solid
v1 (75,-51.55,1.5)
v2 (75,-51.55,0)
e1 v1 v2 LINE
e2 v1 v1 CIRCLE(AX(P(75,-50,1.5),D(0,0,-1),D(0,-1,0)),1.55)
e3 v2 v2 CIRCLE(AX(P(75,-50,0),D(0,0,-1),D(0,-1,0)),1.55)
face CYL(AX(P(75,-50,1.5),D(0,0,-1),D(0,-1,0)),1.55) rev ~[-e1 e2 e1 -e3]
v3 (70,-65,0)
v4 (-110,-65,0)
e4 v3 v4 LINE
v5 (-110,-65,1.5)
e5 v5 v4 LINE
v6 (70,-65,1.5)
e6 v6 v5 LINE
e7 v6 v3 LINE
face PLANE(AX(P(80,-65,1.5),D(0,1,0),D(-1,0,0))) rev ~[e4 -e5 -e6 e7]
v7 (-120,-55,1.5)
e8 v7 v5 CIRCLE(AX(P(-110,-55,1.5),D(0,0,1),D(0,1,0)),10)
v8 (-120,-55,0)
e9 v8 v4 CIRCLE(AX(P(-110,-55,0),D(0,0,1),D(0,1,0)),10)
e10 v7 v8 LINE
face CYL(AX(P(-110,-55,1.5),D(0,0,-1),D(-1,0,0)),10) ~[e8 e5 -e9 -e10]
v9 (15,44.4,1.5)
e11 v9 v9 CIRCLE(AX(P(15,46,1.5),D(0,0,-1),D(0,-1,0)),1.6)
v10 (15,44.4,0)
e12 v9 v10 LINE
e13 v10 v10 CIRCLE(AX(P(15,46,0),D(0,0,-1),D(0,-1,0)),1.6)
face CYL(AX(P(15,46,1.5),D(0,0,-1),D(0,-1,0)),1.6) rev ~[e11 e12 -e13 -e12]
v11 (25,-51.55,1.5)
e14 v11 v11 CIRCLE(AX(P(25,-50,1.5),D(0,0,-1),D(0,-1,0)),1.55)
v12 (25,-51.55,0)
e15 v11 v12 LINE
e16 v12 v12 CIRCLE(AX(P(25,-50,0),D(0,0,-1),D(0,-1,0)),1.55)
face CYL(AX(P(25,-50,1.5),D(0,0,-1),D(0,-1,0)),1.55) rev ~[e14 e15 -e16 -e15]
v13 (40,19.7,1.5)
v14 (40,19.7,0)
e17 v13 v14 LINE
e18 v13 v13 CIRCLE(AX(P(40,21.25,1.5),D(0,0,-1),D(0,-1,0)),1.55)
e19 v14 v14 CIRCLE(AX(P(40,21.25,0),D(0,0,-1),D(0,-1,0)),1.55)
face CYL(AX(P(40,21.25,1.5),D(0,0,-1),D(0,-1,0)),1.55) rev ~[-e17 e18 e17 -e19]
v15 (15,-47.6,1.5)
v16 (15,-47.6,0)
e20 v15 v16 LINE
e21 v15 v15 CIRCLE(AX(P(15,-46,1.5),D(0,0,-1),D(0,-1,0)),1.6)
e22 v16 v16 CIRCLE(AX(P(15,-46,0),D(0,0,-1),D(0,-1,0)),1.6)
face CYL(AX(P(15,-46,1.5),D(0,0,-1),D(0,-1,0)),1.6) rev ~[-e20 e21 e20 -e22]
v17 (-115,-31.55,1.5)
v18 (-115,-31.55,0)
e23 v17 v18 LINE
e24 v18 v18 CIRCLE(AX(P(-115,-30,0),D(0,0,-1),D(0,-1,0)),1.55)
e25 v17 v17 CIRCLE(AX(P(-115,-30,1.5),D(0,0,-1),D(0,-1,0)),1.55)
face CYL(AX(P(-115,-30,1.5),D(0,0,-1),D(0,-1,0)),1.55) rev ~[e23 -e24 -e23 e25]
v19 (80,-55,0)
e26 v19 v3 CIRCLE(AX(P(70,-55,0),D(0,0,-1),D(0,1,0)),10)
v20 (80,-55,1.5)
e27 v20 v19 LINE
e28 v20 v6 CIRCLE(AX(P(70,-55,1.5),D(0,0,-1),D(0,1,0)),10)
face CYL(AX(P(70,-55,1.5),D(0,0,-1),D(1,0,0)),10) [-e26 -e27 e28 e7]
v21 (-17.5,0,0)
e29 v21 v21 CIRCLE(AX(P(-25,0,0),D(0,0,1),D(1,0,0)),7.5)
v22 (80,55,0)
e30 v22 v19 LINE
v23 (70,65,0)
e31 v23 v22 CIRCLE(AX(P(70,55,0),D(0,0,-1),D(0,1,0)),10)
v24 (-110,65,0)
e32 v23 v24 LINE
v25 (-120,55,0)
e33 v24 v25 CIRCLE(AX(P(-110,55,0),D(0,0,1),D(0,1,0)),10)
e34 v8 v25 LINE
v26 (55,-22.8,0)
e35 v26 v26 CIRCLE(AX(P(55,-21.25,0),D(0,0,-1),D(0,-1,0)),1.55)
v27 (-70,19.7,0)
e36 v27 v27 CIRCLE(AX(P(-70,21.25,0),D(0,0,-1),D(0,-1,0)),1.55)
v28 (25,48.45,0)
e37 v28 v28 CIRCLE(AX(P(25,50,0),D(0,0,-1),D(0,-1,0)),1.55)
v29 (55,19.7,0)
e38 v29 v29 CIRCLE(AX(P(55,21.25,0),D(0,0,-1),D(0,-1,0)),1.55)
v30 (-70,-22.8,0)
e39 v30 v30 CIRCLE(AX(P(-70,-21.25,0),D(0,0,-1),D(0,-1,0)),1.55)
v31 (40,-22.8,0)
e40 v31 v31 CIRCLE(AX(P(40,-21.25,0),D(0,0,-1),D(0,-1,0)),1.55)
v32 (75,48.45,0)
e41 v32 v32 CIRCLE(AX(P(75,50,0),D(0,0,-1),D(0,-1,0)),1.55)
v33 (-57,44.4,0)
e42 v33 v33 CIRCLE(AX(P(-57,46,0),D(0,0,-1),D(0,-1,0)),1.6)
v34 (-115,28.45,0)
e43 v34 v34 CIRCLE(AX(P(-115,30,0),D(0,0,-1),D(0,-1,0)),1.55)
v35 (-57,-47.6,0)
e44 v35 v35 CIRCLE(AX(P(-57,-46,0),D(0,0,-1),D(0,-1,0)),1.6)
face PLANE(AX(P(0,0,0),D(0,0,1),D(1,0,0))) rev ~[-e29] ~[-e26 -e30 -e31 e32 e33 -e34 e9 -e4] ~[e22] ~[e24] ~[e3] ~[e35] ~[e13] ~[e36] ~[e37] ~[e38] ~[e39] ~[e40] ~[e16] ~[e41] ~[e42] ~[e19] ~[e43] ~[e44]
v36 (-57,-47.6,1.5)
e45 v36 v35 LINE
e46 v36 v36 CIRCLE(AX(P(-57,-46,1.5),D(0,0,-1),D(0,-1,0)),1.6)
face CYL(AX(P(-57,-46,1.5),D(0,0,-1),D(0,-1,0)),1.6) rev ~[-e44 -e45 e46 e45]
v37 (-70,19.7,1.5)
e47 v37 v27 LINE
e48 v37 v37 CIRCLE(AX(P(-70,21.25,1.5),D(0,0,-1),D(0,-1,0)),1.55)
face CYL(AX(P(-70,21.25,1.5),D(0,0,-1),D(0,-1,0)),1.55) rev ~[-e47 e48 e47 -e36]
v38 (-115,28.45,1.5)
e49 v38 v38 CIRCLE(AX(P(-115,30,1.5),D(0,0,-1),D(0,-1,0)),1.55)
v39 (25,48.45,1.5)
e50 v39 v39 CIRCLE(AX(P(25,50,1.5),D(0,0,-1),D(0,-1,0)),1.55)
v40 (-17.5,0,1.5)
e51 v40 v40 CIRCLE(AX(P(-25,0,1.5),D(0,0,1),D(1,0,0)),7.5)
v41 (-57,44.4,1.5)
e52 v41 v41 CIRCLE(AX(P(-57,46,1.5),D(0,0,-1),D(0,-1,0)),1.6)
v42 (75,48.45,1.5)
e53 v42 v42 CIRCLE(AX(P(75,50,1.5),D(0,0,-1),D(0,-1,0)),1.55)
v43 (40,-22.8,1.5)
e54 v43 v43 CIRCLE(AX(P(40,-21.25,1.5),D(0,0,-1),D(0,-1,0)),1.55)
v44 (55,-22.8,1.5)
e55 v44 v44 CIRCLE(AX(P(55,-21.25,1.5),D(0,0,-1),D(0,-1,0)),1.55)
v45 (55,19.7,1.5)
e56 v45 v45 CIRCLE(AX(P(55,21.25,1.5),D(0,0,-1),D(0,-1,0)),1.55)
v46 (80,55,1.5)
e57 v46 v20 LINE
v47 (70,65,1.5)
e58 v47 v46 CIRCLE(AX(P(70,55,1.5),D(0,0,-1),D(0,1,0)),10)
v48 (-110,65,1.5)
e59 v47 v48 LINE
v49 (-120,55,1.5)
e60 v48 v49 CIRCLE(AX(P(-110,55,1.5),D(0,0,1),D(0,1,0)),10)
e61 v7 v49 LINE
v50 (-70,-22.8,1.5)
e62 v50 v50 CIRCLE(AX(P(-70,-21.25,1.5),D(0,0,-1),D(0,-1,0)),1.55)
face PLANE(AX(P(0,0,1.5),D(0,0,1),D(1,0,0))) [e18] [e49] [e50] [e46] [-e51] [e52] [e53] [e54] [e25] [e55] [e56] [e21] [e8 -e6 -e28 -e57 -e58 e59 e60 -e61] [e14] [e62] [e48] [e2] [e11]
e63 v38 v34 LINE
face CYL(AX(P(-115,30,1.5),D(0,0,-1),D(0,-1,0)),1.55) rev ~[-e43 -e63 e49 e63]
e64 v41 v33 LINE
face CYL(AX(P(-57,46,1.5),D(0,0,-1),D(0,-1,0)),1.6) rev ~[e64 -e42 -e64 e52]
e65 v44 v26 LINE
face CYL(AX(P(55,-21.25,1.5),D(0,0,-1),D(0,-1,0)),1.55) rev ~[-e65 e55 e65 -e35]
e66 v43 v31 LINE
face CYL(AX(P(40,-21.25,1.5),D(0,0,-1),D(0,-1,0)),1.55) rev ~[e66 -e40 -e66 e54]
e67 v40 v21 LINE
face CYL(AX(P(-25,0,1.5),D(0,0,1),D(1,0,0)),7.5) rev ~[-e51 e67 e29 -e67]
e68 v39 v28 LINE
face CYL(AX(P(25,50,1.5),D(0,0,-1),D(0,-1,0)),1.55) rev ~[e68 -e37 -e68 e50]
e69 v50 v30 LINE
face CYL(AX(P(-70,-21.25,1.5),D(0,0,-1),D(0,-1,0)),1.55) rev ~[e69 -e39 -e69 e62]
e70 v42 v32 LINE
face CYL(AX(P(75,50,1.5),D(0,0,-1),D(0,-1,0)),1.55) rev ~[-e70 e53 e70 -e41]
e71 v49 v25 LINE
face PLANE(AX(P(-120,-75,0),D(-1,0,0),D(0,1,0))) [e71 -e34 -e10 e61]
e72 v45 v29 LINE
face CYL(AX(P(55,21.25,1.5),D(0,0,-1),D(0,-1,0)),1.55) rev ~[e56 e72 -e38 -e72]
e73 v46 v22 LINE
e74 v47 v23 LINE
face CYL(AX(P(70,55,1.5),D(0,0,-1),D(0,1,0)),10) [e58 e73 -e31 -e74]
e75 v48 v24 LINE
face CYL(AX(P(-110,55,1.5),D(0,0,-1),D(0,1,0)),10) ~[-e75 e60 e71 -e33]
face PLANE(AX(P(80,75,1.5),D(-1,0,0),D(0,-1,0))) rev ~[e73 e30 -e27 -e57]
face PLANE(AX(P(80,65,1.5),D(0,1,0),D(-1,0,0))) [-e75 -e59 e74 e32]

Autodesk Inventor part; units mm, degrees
ref_plane "YZ Plane" through (0, 0, 0) normal (1, 0, 0) x (0, 1, 0)
ref_plane "XZ Plane" through (0, 0, 0) normal (0, 1, 0) x (-1, 0, 0)
ref_plane "XY Plane" through (0, 0, 0) normal (0, 0, 1) x (1, 0, 0)
sketch "スケッチ1" plane through (0, 0, 0) normal (0, 0, 1) x (1, 0, 0)
  line L0 (-120, 75) -> (120, 75)
  line L1 (120, 75) -> (120, -75)
  line L2 (120, -75) -> (-120, -75)
  line L3 (-120, -75) -> (-120, 75)
  line L4 (-120, 75) -> (120, -75) construction
  line L5 (120, 75) -> (-120, -75) construction
  point P0 (0, 0)
  dimension "d0" = 240
  dimension "d1" = 150
extrude "押し出し1" add sketch "スケッチ1" along normal blind 1.5
sketch "スケッチ2" plane through (0, 0, 1.5) normal (0, 0, 1) x (1, 0, 0)
  line L0 (-120, 75) -> (-120, -75) projected
  line L1 (120, 75) -> (-120, 75) projected
  line L2 (-120, -75) -> (120, -75) projected
  point P0 (0, 0)
  point P1 (-70, 21.25)
  point P2 (-70, -21.25)
  point P3 (40, 21.25)
  point P4 (40, -21.25)
  point P5 (55, 21.25)
  point P6 (55, -21.25)
  point P7 (-115, 30)
  point P8 (-115, -30)
  dimension "d4" = 50
  dimension "d5" = 53.75
  dimension "d6" = 50
  dimension "d7" = 53.75
  dimension "d8" = 160
  dimension "d9" = 53.75
  dimension "d10" = 53.75
  dimension "d11" = 15
  dimension "d12" = 15
  dimension "d13" = 53.75
  dimension "d14" = 53.75
  dimension "d22" = 60
  dimension "d23" = 30
  dimension "d24" = 5
  dimension "d42" = 42.5
hole "穴1" at (-70, 21.25, 1.5) at (-70, -21.25, 1.5) at (40, 21.25, 1.5) at (40, -21.25, 1.5) at (55, 21.25, 1.5) at (55, -21.25, 1.5) at (-115, 30, 1.5) at (-115, -30, 1.5) direction (0, 0, -1) diameter 3.1 end through all
sketch "スケッチ4" plane through (0, 0, 1.5) normal (0, 0, 1) x (1, 0, 0)
  line L0 (-120, 75) -> (-120, -75) projected
  point P0 (0, 0)
  point P1 (25, 50)
  point P2 (25, -50)
  point P3 (75, 50)
  point P4 (75, -50)
  dimension "d25" = 195
  dimension "d26" = 195
  dimension "d27" = 145
  dimension "d28" = 145
  dimension "d29" = 100
  dimension "d30" = 100
  dimension "d33" = 50
  dimension "d34" = 50
hole "穴2" at (25, 50, 1.5) at (25, -50, 1.5) at (75, 50, 1.5) at (75, -50, 1.5) direction (0, 0, -1) diameter 3.1 depth 3.2 tip angle 118
sketch "スケッチ5" plane through (0, 0, 1.5) normal (0, 0, 1) x (1, 0, 0)
  line L0 (-120, -75) -> (120, -75) projected
  line L1 (120, 75) -> (80, 75)
  line L2 (80, 75) -> (80, -75)
  line L3 (80, -75) -> (120, -75)
  line L4 (120, -75) -> (120, 75)
  point P0 (0, 0)
  dimension "d43" = 40
extrude "押し出し2" cut sketch "スケッチ5" against normal blind 10
sketch "スケッチ6" plane through (0, 0, 1.5) normal (0, 0, 1) x (1, 0, 0)
  line L0 (-120, -75) -> (80, -75)
  line L1 (80, -75) -> (80, -65)
  line L2 (80, -65) -> (-120, -65)
  line L3 (-120, -65) -> (-120, -75)
  line L4 (-120, 75) -> (80, 75)
  line L5 (80, 75) -> (80, 65)
  line L6 (80, 65) -> (-120, 65)
  line L7 (-120, 65) -> (-120, 75)
  point P0 (0, 0)
  dimension "d46" = 200
  dimension "d47" = 10
  dimension "d48" = 200
  dimension "d49" = 10
extrude "押し出し3" cut sketch "スケッチ6" against normal blind 10
sketch "スケッチ7" plane through (0, 0, 1.5) normal (0, 0, 1) x (1, 0, 0)
  circle A0 centre (-25, 0) radius 7.5
  point P0 (0, 0)
  dimension "d52" = 15
  dimension "d55" = 25
extrude "押し出し4" cut sketch "スケッチ7" against normal blind 10
fillet "フィレット1" radius 10 4 edges at (80, -65, 0.75) (80, 65, 0.75) (-120, 65, 0.75) (-120, -65, 0.75)
sketch "スケッチ8" plane through (0, 0, 1.5) normal (0, 0, 1) x (1, 0, 0)
  line L0 (-110, -65) -> (70, -65) projected
  line L1 (70, 65) -> (-110, 65) projected
  circle A0 centre (25, 50) radius 1.55 projected
  line L2 (80, -55) -> (80, 55) projected
  point P0 (0, 0)
  point P1 (-57, -46)
  point P2 (15, -46)
  point P3 (-57, 46)
  point P4 (15, 46)
  dimension "d59" = 19
  dimension "d60" = 19
  dimension "d61" = 72
  dimension "d64" = 65
hole "穴3" at (-57, -46, 1.5) at (15, -46, 1.5) at (-57, 46, 1.5) at (15, 46, 1.5) direction (0, 0, -1) diameter 3.2 end through all
properties part number "Board 2" material "アルミニウム 6061"
